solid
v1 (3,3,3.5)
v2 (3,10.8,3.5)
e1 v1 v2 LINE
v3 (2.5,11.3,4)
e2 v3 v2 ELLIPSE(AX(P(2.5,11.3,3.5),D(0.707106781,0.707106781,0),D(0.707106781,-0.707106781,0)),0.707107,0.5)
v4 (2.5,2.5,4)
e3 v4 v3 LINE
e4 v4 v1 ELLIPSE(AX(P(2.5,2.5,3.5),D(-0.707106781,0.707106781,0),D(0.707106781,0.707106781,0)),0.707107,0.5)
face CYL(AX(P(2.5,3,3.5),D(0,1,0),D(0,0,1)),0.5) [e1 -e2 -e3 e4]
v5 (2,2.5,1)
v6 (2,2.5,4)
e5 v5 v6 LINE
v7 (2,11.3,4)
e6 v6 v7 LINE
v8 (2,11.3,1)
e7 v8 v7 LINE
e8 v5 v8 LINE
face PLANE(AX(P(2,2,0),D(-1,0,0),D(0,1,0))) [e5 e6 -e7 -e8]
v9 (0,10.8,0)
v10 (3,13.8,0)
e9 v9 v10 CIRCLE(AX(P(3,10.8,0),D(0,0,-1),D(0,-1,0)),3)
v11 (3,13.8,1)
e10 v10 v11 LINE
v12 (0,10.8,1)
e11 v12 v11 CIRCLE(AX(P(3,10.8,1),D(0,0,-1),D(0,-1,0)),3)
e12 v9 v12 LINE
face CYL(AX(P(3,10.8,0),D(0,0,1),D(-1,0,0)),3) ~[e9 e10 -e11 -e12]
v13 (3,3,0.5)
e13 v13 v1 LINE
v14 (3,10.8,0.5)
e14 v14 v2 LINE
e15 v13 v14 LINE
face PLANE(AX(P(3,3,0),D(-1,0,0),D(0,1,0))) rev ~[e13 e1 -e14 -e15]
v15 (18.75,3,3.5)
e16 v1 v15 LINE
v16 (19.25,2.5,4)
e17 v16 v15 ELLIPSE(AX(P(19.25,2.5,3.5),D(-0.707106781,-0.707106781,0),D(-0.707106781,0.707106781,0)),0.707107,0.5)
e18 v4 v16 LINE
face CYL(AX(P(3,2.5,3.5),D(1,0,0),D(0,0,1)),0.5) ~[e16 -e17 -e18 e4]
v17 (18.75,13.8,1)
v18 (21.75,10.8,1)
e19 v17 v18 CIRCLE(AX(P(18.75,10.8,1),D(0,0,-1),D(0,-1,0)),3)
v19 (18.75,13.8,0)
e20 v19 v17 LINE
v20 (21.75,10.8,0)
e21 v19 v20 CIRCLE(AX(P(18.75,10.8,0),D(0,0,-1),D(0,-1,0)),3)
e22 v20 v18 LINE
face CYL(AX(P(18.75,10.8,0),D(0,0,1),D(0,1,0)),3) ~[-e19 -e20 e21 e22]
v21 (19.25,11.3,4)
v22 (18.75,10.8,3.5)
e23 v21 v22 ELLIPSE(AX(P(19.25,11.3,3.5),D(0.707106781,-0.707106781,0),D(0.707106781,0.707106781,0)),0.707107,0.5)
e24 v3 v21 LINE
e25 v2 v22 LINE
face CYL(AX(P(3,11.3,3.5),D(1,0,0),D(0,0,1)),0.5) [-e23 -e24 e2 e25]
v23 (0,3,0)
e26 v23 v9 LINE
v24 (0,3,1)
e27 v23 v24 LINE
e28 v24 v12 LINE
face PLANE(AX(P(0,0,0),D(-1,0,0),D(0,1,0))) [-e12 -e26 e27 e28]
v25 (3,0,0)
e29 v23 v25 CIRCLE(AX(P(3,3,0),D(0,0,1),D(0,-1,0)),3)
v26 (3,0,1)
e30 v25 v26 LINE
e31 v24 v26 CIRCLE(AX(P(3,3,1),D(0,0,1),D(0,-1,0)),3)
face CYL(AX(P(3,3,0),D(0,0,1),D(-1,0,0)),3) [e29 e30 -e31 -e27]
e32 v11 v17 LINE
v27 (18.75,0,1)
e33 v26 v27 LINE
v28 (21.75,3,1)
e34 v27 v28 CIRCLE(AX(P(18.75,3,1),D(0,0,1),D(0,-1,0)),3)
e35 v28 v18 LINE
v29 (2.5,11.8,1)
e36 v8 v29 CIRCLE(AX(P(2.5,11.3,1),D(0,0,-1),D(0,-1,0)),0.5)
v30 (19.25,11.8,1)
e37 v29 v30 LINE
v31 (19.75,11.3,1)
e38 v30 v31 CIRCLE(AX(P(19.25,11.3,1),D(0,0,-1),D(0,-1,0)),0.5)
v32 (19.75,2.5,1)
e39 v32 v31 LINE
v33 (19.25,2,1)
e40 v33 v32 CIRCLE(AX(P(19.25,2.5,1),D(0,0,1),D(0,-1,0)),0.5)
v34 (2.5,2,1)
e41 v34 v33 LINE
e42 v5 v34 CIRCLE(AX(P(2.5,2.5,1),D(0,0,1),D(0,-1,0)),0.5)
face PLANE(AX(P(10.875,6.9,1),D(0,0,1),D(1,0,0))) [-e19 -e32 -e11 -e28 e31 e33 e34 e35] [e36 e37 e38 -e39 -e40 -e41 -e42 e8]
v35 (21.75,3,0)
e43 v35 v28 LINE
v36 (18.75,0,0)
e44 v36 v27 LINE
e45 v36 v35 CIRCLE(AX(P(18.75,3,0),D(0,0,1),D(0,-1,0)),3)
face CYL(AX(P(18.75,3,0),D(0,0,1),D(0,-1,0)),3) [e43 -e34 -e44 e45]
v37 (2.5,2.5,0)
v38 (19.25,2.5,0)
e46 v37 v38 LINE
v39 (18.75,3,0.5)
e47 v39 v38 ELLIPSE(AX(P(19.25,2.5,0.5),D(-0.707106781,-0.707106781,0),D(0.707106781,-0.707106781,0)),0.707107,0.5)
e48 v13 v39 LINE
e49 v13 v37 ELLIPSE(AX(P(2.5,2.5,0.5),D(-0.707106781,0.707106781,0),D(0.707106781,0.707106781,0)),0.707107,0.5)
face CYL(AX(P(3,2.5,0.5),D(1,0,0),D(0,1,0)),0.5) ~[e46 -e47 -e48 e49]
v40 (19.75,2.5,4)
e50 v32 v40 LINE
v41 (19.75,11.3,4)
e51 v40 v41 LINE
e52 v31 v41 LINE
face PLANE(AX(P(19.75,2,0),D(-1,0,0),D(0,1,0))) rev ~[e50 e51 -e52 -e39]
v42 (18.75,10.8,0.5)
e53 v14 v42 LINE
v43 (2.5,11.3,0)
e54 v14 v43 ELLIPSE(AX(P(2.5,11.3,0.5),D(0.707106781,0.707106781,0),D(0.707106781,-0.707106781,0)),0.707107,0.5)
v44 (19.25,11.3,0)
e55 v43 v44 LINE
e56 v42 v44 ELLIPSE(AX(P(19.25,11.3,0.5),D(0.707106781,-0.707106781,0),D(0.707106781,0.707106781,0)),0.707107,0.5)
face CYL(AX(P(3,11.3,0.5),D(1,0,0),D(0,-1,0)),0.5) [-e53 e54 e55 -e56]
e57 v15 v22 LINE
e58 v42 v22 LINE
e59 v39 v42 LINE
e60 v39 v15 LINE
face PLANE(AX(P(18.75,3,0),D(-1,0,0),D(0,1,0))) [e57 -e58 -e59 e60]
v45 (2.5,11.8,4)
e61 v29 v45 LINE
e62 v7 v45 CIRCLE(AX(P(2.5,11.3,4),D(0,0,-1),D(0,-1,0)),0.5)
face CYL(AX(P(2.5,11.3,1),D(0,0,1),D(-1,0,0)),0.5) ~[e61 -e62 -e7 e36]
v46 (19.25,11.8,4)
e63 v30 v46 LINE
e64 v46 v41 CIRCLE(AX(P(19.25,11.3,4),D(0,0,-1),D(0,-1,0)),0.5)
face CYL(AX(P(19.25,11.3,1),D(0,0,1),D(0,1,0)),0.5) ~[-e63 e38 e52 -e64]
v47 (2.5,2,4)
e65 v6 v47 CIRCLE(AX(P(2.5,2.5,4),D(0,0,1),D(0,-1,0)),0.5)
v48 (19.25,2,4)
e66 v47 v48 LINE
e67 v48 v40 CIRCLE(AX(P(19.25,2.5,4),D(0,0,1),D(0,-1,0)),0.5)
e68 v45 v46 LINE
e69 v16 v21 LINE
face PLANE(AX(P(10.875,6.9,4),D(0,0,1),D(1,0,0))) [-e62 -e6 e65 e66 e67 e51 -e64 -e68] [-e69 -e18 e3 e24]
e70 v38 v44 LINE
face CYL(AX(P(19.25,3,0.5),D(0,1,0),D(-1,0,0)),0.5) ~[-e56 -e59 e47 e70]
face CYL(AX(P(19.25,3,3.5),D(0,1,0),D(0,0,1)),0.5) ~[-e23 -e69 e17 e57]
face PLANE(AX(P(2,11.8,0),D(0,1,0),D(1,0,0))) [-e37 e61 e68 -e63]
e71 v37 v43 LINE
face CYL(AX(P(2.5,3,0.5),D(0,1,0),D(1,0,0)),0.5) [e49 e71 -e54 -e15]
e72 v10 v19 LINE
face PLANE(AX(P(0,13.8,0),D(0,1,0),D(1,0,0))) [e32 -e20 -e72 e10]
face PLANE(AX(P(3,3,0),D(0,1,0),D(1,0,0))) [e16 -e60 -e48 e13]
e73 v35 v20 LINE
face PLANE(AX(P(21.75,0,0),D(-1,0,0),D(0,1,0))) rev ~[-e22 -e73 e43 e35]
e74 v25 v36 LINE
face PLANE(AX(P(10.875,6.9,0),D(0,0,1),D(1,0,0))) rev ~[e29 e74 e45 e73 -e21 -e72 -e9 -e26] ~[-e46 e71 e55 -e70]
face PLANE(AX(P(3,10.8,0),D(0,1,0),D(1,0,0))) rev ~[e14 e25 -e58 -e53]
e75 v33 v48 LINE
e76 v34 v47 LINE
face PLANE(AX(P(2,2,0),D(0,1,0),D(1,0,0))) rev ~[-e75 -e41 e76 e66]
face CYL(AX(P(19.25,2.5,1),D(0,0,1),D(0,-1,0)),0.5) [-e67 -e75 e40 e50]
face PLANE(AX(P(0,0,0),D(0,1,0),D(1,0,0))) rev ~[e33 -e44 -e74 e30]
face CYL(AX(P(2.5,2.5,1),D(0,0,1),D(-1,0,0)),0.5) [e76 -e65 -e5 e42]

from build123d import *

# Parameters (mm, degrees)
F0_W     = 21.75
F0_H     = 13.8
F0_W_2   = 17.75
F0_H_2   = 9.8
F1_DEPTH = 1
F0_W_3   = 15.75
F0_H_3   = 7.8
F2_DEPTH = 4
F3_R     = 0.5
F4_R     = 0.5
F5_R     = 3


with BuildPart() as f1:
    # F0 (on Top) → F1 (new body)
    with BuildSketch(Plane.XY):
        with Locations((10.875, 6.9)):
            Rectangle(F0_W, F0_H)
        with Locations((10.875, 6.9)):
            Rectangle(F0_W_2, F0_H_2, mode=Mode.SUBTRACT)
    extrude(amount=F1_DEPTH)

    # F0 (on Top) → F2 (join)
    with BuildSketch(Plane.XY):
        with Locations((10.875, 6.9)):
            Rectangle(F0_W_2, F0_H_2)
        with Locations((10.875, 6.9)):
            Rectangle(F0_W_3, F0_H_3, mode=Mode.SUBTRACT)
    extrude(amount=F2_DEPTH)

    # F3
    f3_edges = [f1.edges().sort_by_distance(p)[0] for p in [
        (10.875, 10.8, 4),
        (18.75, 6.9, 4),
        (10.875, 3, 4),
        (3, 6.9, 4),
        (10.875, 10.8, 0),
        (3, 6.9, 0),
        (10.875, 3, 0),
        (18.75, 6.9, 0),
    ]]
    fillet(f3_edges, radius=F3_R)

    # F4
    f4_edges = [f1.edges().sort_by_distance(p)[0] for p in [
        (2, 11.8, 2.5),
        (2, 2, 2.5),
        (19.75, 2, 2.5),
        (19.75, 11.8, 2.5),
    ]]
    fillet(f4_edges, radius=F4_R)

    # F5
    f5_edges = [f1.edges().sort_by_distance(p)[0] for p in [
        (0, 13.8, 0.5),
        (21.75, 13.8, 0.5),
        (21.75, 0, 0.5),
        (0, 0, 0.5),
    ]]
    fillet(f5_edges, radius=F5_R)


solid = f1.part
